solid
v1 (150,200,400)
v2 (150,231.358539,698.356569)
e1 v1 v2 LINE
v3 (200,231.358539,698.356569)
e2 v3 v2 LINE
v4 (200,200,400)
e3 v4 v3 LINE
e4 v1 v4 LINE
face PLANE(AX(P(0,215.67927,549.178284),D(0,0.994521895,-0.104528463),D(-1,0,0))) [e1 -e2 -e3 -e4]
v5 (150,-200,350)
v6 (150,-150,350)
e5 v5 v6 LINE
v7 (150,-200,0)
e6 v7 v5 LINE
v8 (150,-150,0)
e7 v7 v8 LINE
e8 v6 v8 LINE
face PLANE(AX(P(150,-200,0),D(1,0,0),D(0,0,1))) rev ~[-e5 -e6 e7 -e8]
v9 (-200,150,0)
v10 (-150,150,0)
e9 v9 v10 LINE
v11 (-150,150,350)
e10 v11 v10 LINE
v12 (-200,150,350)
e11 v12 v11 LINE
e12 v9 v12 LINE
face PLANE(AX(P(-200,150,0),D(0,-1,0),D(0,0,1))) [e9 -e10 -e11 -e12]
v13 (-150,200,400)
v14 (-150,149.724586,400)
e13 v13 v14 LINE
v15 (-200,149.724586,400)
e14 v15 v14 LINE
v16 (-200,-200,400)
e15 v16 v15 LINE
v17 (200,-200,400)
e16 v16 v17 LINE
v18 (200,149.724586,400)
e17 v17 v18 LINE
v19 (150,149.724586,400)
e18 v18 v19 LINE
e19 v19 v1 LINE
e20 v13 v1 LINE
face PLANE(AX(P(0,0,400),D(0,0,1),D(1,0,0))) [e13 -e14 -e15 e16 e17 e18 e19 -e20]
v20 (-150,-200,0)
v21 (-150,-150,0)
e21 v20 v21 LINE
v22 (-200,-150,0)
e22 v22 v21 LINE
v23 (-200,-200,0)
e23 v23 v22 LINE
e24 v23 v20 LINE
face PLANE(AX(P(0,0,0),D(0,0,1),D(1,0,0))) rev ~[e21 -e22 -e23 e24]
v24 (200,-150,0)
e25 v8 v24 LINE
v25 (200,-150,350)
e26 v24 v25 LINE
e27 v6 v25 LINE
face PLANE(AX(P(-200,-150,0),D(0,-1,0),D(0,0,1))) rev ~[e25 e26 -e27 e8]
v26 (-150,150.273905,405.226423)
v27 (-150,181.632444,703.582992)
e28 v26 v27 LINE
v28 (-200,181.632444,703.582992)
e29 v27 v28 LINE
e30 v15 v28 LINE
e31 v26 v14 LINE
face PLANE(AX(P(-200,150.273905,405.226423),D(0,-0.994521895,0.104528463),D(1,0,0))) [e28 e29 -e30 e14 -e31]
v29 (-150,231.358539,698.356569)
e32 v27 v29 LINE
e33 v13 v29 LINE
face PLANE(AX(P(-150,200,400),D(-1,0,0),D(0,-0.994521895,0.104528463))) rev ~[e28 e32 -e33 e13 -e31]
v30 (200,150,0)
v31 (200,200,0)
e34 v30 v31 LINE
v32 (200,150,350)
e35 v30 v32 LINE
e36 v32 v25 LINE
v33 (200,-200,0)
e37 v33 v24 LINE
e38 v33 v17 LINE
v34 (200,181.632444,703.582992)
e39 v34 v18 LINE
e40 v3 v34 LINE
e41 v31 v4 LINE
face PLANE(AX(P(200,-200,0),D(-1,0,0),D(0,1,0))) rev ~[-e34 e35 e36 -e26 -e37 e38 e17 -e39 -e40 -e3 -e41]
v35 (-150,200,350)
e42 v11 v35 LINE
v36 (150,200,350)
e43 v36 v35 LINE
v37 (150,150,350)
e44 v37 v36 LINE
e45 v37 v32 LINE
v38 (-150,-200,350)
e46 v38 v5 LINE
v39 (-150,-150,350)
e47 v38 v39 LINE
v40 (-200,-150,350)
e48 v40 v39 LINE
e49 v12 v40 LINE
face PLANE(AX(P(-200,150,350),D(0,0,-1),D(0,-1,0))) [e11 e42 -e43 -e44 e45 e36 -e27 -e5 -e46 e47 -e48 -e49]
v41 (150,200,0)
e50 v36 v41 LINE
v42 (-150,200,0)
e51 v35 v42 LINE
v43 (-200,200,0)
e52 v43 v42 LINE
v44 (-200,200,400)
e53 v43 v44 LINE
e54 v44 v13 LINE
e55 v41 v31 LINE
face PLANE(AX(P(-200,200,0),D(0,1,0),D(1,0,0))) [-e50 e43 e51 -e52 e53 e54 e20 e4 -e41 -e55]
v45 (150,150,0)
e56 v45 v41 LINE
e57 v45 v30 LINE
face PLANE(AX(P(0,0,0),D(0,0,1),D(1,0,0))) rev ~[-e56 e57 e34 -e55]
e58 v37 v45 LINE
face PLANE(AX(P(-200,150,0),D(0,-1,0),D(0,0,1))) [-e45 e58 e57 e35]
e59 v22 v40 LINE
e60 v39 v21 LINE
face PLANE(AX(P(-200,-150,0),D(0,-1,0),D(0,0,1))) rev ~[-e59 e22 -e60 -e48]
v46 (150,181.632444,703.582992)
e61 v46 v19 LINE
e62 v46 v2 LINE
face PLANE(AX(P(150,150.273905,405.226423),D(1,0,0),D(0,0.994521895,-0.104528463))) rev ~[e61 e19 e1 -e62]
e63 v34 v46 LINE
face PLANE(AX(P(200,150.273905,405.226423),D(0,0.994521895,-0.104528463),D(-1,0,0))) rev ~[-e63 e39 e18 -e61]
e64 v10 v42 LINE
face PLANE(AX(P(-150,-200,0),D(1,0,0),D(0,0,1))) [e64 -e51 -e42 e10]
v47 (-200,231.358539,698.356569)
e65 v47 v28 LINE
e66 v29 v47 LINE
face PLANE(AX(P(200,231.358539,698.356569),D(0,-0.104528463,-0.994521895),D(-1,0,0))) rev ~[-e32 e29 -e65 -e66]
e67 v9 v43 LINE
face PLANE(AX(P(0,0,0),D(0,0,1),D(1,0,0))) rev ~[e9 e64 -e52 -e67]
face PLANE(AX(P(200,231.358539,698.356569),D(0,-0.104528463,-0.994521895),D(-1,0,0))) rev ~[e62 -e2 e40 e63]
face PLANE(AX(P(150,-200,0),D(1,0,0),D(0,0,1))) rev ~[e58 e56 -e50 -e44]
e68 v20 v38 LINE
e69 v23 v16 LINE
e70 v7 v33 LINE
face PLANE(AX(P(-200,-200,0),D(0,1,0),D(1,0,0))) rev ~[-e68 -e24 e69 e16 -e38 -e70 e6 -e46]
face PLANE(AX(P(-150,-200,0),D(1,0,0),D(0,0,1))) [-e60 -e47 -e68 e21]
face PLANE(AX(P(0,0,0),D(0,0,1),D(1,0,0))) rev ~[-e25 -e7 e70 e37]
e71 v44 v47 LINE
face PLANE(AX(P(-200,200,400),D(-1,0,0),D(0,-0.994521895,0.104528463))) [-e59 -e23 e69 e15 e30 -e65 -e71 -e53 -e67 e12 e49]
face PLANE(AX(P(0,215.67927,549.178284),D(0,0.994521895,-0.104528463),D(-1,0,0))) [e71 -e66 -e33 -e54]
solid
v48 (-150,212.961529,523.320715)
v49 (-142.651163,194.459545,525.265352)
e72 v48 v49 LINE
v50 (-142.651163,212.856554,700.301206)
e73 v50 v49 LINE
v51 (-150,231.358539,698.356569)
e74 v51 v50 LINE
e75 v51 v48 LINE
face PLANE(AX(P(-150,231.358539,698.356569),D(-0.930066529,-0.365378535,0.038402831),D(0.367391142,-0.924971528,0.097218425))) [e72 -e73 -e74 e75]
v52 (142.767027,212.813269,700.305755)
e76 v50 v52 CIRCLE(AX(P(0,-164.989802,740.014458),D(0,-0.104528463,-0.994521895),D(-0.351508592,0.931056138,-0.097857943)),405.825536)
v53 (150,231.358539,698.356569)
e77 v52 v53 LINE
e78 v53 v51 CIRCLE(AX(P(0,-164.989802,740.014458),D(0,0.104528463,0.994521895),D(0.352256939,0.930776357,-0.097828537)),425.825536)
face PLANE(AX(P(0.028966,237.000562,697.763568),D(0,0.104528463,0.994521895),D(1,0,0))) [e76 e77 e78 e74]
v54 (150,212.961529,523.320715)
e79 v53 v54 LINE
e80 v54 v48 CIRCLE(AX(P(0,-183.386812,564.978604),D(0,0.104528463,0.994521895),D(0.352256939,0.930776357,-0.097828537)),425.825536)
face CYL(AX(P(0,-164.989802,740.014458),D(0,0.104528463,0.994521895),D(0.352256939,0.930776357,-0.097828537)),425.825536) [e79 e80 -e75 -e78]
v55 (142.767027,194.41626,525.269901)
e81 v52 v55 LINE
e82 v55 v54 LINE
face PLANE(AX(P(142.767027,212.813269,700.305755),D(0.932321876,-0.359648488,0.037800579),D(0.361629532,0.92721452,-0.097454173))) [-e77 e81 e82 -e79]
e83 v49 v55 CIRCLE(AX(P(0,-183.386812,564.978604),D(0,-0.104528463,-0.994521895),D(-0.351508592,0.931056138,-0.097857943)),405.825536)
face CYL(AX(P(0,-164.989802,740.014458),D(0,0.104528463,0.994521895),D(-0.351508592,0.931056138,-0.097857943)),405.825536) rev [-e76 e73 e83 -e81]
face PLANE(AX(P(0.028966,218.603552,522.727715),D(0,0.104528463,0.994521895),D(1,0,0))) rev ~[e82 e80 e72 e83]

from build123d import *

# Parameters (mm, degrees)
F0_W       = 400
F0_H       = 400
F1_DEPTH   = 400
F2_W       = 300
F2_H       = 350
F3_DEPTH   = 400.001
F4_W       = 300
F4_H       = 350
F5_DEPTH   = 400.001
F9_W       = 400
F9_H       = 300
F10_DEPTH  = 50
F11_W      = 300
F11_H      = 300
F12_DEPTH  = 50
F14_DEPTH  = 5.2552117633
F12_FACE_W = 50
F12_FACE_H = 50
F17_DEPTH  = 176


with BuildPart() as f1:
    # F0 (on Top) → F1 (new body)
    with BuildSketch(Plane.XY):
        Rectangle(F0_W, F0_H)
    extrude(amount=F1_DEPTH)

    # F2 (on face) → F3 (cut, through all)
    with BuildSketch(Plane.XZ.offset(200)):
        with Locations((0, 175)):
            Rectangle(F2_W, F2_H)
    extrude(amount=-F3_DEPTH, mode=Mode.SUBTRACT)

    # F4 (on face) → F5 (cut, through all)
    with BuildSketch(Plane(origin=(-200, 0, 0), x_dir=(0, -1, 0), z_dir=(-1, 0, 0))):
        with Locations((0, 175)):
            Rectangle(F4_W, F4_H)
    extrude(amount=-F5_DEPTH, mode=Mode.SUBTRACT)



with BuildPart() as f10:
    # F9 (on line) → F10 (new body)
    with BuildSketch(Plane(origin=(0, 156.2324219098, -16.4206892285), x_dir=(-1, 0, 0), z_dir=(0, 0.9945218954, -0.1045284633))):
        with Locations((0, 568.7144508008)):
            Rectangle(F9_W, F9_H)
    extrude(amount=-F10_DEPTH)

    # F11 (on face) → F12 (cut)
    with BuildSketch(Plane(origin=(0, 106.5063271414, -11.1942660652), x_dir=(1, 0, 0), z_dir=(0, -0.9945218954, 0.1045284633))):
        with Locations((0, 568.7144508008)):
            Rectangle(F11_W, F11_H)
    extrude(amount=-F12_DEPTH, mode=Mode.SUBTRACT)


with BuildPart() as f1_1:
    add(f1.part)
    # F14 (add, through all): a face of the model
    f14_faces = [f10.part.faces().sort_by_distance(p)[0] for p in [
        (175, 175.1369526158, 402.6132115817),
    ]]

    add(f10.part)  # F14 merges F10
    extrude(f14_faces, amount=F14_DEPTH)

    # F12_face (on face) → F15 (join, up to the next surface of F1)
    with BuildSketch(Plane(origin=(175, 175.1369526158, 402.6132115817), x_dir=(1, 0, 0), z_dir=(0, -0.1045284633, -0.9945218954))):
        with Locations((-350, 0)):
            Rectangle(F12_FACE_W, F12_FACE_H)
    extrude(until=Until.NEXT)


with BuildPart() as f17:
    # F16 (on mid) → F17 (new body)
    with BuildSketch(Plane(origin=(0, 75.1261170705, 714.777257839), x_dir=(1, 0, 0), z_dir=(0, 0.1045284633, 0.9945218954))):
        with BuildLine():
            Line((142.7670273287, 138.4455713383), (150, 157.0929937666))
            ThreePointArc((150, 157.0929937666), (0, 184.3869913259), (-150, 157.0929937666))
            Line((-150, 157.0929937666), (-142.6511627324, 138.4890950968))
            ThreePointArc((-142.6511627324, 138.4890950968), (0.0618848168, 164.3869866075), (142.7670273287, 138.4455713383))
        make_face()
    extrude(amount=-F17_DEPTH)


solid = Compound([f1_1.part, f17.part])
